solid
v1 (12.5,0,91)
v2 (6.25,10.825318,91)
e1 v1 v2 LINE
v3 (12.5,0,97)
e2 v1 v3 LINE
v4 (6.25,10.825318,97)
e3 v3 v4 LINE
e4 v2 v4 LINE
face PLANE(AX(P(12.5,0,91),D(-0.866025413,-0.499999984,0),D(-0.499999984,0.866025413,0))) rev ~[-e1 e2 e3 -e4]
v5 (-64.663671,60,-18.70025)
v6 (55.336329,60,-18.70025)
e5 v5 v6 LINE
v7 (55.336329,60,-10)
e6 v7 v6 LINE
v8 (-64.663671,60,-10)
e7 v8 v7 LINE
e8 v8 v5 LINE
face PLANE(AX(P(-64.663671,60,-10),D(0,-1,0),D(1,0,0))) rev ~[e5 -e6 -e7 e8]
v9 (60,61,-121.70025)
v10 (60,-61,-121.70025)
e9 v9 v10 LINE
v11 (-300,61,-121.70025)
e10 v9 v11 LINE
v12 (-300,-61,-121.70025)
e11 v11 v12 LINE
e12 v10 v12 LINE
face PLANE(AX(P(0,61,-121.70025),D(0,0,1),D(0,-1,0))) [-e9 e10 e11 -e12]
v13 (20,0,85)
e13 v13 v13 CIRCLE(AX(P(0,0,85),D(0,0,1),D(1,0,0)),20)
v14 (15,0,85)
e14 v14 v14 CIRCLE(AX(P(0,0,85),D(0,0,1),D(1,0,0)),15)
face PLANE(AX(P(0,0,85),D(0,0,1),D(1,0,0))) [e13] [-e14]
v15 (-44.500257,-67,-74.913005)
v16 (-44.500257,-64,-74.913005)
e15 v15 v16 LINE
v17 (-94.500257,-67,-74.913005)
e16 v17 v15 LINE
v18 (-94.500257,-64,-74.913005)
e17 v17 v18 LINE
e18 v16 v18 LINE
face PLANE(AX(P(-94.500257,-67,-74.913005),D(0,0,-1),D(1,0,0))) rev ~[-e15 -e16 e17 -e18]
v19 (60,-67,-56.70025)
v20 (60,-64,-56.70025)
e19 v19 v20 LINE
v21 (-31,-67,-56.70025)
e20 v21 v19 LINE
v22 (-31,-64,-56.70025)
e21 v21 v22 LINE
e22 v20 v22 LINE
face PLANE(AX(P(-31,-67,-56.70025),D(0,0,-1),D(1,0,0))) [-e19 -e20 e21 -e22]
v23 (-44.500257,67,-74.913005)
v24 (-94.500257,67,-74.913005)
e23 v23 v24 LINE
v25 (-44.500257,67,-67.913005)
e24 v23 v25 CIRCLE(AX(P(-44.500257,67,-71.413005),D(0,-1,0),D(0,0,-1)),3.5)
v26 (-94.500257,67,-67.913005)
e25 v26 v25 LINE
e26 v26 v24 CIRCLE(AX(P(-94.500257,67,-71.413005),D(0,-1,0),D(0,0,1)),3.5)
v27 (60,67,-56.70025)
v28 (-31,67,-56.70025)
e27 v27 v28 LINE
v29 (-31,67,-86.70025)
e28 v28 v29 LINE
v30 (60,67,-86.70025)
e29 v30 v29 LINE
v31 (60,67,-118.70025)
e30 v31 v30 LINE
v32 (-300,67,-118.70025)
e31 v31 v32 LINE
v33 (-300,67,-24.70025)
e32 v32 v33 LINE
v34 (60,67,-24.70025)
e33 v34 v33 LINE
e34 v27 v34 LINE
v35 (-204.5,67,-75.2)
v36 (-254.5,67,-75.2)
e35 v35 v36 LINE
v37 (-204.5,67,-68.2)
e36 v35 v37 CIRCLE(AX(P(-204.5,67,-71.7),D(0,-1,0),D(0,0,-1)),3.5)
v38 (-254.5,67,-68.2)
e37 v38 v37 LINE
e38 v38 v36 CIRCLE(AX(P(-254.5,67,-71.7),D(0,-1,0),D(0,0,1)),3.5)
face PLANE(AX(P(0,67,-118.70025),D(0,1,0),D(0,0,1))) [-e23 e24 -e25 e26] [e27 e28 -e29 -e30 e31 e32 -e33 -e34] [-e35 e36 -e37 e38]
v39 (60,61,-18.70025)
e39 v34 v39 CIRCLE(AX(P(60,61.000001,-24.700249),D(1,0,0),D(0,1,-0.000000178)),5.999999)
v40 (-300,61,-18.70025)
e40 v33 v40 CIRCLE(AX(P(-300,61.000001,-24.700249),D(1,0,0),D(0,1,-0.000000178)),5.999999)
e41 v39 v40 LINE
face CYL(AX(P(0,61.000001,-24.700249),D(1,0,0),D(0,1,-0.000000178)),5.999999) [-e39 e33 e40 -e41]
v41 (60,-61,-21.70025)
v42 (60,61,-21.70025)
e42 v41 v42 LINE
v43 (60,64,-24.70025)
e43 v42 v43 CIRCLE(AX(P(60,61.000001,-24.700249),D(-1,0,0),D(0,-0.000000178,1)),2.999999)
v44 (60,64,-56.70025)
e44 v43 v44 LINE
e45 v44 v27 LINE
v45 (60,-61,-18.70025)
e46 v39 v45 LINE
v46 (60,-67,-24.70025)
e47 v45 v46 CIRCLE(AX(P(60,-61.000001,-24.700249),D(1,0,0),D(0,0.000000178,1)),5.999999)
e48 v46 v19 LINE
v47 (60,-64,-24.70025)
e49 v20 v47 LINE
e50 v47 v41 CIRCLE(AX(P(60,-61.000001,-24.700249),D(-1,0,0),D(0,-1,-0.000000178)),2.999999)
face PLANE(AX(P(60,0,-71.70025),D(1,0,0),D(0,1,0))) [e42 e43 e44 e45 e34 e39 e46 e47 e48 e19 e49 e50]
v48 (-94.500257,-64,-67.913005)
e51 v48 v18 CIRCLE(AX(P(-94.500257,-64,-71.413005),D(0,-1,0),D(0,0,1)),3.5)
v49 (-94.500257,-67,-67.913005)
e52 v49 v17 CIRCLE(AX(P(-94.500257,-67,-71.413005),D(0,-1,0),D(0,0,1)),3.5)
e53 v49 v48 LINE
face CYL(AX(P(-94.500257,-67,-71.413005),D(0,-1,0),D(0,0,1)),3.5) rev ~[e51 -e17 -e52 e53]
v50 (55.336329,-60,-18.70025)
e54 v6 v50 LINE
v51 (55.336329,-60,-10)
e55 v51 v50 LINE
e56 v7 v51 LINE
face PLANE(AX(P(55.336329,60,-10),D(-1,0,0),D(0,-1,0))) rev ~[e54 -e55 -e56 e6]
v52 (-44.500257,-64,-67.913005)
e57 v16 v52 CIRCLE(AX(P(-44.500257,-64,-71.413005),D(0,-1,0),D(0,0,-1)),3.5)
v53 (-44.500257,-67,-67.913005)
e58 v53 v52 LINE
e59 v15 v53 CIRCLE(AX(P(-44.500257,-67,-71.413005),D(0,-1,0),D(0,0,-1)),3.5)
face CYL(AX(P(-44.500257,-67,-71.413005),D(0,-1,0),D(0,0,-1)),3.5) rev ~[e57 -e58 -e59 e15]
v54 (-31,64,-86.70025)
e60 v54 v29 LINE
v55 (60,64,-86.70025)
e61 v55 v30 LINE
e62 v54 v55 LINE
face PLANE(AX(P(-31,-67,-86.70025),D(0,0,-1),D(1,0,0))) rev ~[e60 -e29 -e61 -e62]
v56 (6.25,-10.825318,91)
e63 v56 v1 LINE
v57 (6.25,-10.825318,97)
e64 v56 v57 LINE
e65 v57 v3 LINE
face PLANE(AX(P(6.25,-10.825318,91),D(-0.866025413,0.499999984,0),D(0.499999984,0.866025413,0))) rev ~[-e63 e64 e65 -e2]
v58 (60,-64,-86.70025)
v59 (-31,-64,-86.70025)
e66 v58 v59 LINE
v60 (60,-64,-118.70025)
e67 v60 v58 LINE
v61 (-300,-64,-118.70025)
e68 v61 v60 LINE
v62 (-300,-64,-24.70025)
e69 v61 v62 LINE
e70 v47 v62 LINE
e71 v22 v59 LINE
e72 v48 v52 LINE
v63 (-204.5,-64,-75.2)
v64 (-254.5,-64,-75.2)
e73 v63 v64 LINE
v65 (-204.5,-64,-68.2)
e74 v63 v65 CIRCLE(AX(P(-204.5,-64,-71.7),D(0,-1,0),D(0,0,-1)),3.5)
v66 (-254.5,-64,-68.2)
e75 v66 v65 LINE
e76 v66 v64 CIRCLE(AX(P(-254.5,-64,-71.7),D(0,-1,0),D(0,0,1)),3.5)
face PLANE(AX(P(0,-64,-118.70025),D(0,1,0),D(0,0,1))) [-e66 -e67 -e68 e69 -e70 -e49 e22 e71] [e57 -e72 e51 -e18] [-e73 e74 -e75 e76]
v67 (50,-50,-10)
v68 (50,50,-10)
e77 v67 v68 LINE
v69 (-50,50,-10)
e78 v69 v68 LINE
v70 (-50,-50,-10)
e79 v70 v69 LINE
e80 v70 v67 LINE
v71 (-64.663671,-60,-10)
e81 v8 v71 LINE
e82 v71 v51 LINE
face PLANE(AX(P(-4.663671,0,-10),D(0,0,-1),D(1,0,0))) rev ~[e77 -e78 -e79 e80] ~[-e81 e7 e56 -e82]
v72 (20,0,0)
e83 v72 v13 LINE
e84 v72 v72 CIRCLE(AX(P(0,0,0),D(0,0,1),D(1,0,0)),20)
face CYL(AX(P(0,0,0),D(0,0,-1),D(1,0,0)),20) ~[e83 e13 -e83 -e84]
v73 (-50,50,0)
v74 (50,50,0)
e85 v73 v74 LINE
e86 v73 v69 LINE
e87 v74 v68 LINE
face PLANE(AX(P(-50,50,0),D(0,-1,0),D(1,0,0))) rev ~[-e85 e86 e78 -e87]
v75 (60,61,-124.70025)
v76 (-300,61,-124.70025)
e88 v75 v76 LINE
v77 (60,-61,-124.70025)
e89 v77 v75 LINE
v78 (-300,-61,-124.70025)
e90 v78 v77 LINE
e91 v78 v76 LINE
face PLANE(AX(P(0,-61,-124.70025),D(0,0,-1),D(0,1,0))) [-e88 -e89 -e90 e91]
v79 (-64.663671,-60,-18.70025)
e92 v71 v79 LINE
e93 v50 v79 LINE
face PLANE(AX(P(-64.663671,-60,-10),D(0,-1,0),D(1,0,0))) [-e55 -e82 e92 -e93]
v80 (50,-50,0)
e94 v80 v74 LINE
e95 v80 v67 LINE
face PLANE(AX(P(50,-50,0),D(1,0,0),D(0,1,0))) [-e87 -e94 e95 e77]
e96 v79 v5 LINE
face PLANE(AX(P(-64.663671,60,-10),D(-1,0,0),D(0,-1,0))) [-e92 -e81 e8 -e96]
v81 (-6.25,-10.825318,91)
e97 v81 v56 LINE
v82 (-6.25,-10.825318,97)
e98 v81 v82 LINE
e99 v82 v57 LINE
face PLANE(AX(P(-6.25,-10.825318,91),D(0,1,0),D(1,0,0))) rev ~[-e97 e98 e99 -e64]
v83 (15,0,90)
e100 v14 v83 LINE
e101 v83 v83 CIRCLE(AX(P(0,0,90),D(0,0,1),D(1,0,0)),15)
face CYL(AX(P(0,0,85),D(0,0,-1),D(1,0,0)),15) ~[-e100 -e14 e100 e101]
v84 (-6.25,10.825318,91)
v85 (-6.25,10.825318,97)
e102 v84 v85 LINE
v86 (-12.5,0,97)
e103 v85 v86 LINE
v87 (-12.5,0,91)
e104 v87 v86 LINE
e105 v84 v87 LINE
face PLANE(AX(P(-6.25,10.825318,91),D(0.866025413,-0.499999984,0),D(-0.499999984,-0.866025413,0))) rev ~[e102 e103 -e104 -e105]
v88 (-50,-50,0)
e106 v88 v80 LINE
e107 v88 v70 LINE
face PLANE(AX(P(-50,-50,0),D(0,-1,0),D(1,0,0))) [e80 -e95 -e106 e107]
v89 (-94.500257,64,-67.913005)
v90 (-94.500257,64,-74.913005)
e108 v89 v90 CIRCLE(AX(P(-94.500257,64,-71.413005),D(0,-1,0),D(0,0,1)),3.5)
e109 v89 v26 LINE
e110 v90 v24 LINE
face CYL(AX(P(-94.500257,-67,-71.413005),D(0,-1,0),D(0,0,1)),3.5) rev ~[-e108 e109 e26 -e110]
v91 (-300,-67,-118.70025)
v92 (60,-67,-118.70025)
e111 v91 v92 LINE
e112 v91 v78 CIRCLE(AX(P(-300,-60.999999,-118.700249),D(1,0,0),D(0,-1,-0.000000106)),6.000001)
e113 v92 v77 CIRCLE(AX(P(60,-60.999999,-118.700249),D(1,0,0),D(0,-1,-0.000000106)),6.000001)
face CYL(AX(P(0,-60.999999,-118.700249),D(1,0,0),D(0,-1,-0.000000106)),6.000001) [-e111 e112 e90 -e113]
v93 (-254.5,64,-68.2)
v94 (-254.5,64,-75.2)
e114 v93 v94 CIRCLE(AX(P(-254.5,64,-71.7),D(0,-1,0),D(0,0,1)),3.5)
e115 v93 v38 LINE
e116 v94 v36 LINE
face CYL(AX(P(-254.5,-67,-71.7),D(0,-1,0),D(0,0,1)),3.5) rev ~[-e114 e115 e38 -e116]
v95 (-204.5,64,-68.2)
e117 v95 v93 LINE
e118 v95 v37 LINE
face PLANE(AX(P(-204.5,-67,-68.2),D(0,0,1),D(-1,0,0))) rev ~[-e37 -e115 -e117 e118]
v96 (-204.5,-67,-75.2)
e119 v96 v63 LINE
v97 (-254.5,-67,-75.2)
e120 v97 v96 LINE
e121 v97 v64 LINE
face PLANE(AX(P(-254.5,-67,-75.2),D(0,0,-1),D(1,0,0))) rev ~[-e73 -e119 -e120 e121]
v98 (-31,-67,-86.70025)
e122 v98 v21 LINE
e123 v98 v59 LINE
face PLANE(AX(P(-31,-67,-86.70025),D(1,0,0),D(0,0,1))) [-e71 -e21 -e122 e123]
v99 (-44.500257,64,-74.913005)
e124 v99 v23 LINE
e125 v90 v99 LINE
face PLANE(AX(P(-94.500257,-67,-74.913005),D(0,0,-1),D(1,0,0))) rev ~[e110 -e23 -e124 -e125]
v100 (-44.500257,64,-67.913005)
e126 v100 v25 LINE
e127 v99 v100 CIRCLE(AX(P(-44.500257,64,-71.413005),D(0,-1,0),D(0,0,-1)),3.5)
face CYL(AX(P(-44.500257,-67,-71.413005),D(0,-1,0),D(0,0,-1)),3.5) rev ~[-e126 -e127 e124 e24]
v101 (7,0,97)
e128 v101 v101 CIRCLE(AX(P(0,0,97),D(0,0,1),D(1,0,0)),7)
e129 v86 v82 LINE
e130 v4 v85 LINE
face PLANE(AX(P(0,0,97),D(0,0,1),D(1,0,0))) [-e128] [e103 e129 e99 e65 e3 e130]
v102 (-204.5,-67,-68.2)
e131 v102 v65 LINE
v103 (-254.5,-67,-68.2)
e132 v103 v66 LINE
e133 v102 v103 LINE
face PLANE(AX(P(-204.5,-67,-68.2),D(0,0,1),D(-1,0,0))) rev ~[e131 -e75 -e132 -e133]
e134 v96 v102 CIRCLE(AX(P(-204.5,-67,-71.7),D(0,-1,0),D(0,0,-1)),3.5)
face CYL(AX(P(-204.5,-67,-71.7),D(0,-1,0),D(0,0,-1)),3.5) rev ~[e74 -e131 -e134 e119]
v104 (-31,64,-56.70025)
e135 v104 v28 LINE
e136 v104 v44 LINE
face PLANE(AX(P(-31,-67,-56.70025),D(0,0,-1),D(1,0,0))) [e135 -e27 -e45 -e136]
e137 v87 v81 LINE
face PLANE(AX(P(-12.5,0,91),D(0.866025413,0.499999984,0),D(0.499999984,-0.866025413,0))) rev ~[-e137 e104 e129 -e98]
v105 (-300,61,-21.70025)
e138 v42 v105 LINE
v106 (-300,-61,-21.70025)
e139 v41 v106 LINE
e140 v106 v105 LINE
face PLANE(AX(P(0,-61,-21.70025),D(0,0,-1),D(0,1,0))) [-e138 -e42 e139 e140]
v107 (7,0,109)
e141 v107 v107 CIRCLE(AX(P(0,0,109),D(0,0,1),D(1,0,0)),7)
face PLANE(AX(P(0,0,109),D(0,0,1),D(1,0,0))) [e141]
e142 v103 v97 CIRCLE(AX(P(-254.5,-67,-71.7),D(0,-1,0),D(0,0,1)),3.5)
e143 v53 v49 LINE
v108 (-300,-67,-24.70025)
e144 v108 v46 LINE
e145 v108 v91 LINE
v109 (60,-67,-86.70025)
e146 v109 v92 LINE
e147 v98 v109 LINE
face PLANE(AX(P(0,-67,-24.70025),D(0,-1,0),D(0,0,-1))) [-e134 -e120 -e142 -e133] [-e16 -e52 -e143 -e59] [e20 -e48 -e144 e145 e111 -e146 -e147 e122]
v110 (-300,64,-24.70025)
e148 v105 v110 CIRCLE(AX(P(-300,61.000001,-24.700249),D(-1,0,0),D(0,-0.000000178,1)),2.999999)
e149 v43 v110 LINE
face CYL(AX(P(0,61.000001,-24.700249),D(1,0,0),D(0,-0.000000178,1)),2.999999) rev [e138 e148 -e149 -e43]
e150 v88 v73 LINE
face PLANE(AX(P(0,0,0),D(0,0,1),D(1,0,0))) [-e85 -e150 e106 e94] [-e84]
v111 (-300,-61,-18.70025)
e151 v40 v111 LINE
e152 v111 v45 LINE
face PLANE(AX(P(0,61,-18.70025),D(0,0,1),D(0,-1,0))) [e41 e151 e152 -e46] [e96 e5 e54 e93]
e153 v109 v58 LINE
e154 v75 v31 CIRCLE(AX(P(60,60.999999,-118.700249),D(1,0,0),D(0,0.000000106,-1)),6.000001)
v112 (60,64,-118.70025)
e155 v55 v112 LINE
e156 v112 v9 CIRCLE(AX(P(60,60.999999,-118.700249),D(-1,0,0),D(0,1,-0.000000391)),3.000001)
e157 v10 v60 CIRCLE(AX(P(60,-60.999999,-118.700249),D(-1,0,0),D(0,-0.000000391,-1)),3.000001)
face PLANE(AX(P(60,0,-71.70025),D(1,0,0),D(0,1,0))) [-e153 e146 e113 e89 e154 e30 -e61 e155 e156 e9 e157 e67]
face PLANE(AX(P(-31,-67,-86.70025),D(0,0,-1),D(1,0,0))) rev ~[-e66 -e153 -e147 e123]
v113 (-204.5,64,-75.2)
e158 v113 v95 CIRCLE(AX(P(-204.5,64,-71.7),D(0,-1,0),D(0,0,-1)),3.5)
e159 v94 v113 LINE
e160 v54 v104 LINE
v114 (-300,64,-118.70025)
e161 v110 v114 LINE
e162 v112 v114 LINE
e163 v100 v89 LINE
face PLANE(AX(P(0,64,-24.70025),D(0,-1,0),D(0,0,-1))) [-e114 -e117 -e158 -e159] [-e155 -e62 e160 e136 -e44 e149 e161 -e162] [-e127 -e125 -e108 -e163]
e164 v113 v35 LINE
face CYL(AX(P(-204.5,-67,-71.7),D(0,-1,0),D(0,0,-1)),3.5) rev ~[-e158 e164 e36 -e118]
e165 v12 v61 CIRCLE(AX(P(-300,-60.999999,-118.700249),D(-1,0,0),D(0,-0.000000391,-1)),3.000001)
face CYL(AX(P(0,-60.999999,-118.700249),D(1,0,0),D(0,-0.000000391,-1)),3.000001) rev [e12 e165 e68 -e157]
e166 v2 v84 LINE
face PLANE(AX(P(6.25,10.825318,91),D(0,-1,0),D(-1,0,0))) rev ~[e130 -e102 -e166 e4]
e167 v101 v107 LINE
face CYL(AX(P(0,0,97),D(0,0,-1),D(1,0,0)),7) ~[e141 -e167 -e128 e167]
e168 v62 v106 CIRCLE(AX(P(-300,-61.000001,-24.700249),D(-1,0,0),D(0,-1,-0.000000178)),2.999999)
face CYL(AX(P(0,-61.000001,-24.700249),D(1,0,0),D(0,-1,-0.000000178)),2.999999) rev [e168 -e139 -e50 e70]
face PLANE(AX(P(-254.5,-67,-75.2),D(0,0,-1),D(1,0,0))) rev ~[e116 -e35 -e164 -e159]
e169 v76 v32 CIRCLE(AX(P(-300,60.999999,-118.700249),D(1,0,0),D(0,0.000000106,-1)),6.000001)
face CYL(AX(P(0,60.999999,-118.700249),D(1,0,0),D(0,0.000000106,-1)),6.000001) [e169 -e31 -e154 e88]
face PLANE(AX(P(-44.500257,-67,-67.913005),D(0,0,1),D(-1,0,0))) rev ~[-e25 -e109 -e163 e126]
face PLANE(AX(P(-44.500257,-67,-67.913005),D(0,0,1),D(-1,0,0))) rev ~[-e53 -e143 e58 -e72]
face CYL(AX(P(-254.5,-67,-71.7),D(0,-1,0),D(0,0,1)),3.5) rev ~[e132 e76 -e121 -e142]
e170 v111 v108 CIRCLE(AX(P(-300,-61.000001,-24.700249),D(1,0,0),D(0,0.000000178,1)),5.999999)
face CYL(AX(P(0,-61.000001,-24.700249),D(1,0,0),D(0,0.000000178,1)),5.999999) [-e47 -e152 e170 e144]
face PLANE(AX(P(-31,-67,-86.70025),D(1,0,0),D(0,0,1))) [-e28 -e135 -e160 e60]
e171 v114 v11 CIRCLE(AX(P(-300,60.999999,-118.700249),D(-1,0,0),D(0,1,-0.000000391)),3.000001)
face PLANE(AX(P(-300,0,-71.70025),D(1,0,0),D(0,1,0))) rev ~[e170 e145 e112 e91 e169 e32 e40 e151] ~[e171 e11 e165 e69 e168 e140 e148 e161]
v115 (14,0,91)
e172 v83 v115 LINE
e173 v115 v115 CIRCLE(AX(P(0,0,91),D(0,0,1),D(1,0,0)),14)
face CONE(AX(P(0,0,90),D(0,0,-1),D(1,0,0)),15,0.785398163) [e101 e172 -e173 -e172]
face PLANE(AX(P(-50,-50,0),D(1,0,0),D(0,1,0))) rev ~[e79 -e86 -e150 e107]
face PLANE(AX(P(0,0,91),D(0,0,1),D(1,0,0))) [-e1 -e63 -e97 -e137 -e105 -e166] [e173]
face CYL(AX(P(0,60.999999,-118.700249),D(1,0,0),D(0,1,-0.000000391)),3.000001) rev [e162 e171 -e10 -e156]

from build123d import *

# Parameters (mm, degrees)
F0_R           = 20
F1_DEPTH       = 85
F2_W           = 100
F2_H           = 100
F3_DEPTH       = 10
F4_W           = 120
F4_H           = 120
F5_DEPTH       = 10
F6_R           = 15
F7_DEPTH       = 6
F8_SIZE        = 1
F10_DEPTH      = 6
F11_R          = 7
F12_DEPTH      = 12
F14_DEPTH      = 60
F14_DEPTH_BACK = 300
F16_DEPTH      = 134.001
F17_W          = 182
F17_H          = 30
F18_DEPTH      = 134.001


with BuildPart() as f1:
    # F0 (on Top) → F1 (new body)
    with BuildSketch(Plane.XY):
        Circle(F0_R)
    extrude(amount=F1_DEPTH)

    # F2 (on Top) → F3 (join)
    with BuildSketch(Plane.XY):
        Rectangle(F2_W, F2_H)
    extrude(amount=-F3_DEPTH)

    # F4 (on face) → F5 (join)
    with BuildSketch(Plane(origin=(0, 0, -10), x_dir=(1, 0, 0), z_dir=(0, 0, -1))):
        with Locations((-4.663671, 0)):
            Rectangle(F4_W, F4_H)
    extrude(amount=F5_DEPTH)

    # F6 (on face) → F7 (join)
    with BuildSketch(Plane.XY.offset(85)):
        Circle(F6_R)
    extrude(amount=F7_DEPTH)

    # F8
    f8_edges = [f1.edges().sort_by_distance(p)[0] for p in [
        (-15, 0, 91),
    ]]
    chamfer(f8_edges, length=F8_SIZE)

    # F9 (on face) → F10 (join)
    with BuildSketch(Plane.XY.offset(91)):
        Polygon((-6.25, 10.825318), (-12.5, 0), (-6.25, -10.825318), (6.25, -10.825318), (12.5, 0), (6.25, 10.825318), align=None)
    extrude(amount=F10_DEPTH)

    # F11 (on face) → F12 (join)
    with BuildSketch(Plane.XY.offset(97)):
        Circle(F11_R)
    extrude(amount=F12_DEPTH)

    # F13 (on Right) → F14 (join, two sides)
    with BuildSketch(Plane.YZ) as f14_sk:
        with BuildLine():
            Line((61, -18.70025), (-61, -18.70025))
            ThreePointArc((-61, -18.70025), (-65.242641, -20.457609), (-67, -24.70025))
            Line((-67, -24.70025), (-67, -118.70025))
            ThreePointArc((-67, -118.70025), (-65.242641, -122.94289), (-61, -124.70025))
            Line((-61, -124.70025), (61, -124.70025))
            ThreePointArc((61, -124.70025), (65.242641, -122.94289), (67, -118.70025))
            Line((67, -118.70025), (67, -24.70025))
            ThreePointArc((67, -24.70025), (65.242641, -20.457609), (61, -18.70025))
        make_face()
        with BuildLine():
            Line((-64, -118.70025), (-64, -24.70025))
            ThreePointArc((-64, -24.70025), (-63.12132, -22.578929), (-61, -21.70025))
            Line((-61, -21.70025), (61, -21.70025))
            ThreePointArc((61, -21.70025), (63.12132, -22.578929), (64, -24.70025))
            Line((64, -24.70025), (64, -118.70025))
            ThreePointArc((64, -118.70025), (63.12132, -120.82157), (61, -121.70025))
            Line((61, -121.70025), (-61, -121.70025))
            ThreePointArc((-61, -121.70025), (-63.12132, -120.82157), (-64, -118.70025))
        make_face(mode=Mode.SUBTRACT)
    extrude(amount=F14_DEPTH)
    extrude(f14_sk.sketch, amount=-F14_DEPTH_BACK)

    # F15 (on face) → F16 (cut, through all)
    with BuildSketch(Plane.XZ.offset(67)):
        with BuildLine():
            ThreePointArc((-254.5, -68.2), (-258, -71.7), (-254.5, -75.2))
            Line((-254.5, -75.2), (-204.5, -75.2))
            ThreePointArc((-204.5, -75.2), (-201, -71.7), (-204.5, -68.2))
            Line((-204.5, -68.2), (-254.5, -68.2))
        make_face()
        with BuildLine():
            Line((-44.500257, -67.913005), (-94.500257, -67.913005))
            ThreePointArc((-94.500257, -67.913005), (-98.000257, -71.413005), (-94.500257, -74.913005))
            Line((-94.500257, -74.913005), (-44.500257, -74.913005))
            ThreePointArc((-44.500257, -74.913005), (-41.000257, -71.413005), (-44.500257, -67.913005))
        make_face()
    extrude(amount=-F16_DEPTH, mode=Mode.SUBTRACT)

    # F17 (on face) → F18 (cut, through all)
    with BuildSketch(Plane.XZ.offset(67)):
        with Locations((60, -71.70025)):
            Rectangle(F17_W, F17_H)
    extrude(amount=-F18_DEPTH, mode=Mode.SUBTRACT)


solid = f1.part
